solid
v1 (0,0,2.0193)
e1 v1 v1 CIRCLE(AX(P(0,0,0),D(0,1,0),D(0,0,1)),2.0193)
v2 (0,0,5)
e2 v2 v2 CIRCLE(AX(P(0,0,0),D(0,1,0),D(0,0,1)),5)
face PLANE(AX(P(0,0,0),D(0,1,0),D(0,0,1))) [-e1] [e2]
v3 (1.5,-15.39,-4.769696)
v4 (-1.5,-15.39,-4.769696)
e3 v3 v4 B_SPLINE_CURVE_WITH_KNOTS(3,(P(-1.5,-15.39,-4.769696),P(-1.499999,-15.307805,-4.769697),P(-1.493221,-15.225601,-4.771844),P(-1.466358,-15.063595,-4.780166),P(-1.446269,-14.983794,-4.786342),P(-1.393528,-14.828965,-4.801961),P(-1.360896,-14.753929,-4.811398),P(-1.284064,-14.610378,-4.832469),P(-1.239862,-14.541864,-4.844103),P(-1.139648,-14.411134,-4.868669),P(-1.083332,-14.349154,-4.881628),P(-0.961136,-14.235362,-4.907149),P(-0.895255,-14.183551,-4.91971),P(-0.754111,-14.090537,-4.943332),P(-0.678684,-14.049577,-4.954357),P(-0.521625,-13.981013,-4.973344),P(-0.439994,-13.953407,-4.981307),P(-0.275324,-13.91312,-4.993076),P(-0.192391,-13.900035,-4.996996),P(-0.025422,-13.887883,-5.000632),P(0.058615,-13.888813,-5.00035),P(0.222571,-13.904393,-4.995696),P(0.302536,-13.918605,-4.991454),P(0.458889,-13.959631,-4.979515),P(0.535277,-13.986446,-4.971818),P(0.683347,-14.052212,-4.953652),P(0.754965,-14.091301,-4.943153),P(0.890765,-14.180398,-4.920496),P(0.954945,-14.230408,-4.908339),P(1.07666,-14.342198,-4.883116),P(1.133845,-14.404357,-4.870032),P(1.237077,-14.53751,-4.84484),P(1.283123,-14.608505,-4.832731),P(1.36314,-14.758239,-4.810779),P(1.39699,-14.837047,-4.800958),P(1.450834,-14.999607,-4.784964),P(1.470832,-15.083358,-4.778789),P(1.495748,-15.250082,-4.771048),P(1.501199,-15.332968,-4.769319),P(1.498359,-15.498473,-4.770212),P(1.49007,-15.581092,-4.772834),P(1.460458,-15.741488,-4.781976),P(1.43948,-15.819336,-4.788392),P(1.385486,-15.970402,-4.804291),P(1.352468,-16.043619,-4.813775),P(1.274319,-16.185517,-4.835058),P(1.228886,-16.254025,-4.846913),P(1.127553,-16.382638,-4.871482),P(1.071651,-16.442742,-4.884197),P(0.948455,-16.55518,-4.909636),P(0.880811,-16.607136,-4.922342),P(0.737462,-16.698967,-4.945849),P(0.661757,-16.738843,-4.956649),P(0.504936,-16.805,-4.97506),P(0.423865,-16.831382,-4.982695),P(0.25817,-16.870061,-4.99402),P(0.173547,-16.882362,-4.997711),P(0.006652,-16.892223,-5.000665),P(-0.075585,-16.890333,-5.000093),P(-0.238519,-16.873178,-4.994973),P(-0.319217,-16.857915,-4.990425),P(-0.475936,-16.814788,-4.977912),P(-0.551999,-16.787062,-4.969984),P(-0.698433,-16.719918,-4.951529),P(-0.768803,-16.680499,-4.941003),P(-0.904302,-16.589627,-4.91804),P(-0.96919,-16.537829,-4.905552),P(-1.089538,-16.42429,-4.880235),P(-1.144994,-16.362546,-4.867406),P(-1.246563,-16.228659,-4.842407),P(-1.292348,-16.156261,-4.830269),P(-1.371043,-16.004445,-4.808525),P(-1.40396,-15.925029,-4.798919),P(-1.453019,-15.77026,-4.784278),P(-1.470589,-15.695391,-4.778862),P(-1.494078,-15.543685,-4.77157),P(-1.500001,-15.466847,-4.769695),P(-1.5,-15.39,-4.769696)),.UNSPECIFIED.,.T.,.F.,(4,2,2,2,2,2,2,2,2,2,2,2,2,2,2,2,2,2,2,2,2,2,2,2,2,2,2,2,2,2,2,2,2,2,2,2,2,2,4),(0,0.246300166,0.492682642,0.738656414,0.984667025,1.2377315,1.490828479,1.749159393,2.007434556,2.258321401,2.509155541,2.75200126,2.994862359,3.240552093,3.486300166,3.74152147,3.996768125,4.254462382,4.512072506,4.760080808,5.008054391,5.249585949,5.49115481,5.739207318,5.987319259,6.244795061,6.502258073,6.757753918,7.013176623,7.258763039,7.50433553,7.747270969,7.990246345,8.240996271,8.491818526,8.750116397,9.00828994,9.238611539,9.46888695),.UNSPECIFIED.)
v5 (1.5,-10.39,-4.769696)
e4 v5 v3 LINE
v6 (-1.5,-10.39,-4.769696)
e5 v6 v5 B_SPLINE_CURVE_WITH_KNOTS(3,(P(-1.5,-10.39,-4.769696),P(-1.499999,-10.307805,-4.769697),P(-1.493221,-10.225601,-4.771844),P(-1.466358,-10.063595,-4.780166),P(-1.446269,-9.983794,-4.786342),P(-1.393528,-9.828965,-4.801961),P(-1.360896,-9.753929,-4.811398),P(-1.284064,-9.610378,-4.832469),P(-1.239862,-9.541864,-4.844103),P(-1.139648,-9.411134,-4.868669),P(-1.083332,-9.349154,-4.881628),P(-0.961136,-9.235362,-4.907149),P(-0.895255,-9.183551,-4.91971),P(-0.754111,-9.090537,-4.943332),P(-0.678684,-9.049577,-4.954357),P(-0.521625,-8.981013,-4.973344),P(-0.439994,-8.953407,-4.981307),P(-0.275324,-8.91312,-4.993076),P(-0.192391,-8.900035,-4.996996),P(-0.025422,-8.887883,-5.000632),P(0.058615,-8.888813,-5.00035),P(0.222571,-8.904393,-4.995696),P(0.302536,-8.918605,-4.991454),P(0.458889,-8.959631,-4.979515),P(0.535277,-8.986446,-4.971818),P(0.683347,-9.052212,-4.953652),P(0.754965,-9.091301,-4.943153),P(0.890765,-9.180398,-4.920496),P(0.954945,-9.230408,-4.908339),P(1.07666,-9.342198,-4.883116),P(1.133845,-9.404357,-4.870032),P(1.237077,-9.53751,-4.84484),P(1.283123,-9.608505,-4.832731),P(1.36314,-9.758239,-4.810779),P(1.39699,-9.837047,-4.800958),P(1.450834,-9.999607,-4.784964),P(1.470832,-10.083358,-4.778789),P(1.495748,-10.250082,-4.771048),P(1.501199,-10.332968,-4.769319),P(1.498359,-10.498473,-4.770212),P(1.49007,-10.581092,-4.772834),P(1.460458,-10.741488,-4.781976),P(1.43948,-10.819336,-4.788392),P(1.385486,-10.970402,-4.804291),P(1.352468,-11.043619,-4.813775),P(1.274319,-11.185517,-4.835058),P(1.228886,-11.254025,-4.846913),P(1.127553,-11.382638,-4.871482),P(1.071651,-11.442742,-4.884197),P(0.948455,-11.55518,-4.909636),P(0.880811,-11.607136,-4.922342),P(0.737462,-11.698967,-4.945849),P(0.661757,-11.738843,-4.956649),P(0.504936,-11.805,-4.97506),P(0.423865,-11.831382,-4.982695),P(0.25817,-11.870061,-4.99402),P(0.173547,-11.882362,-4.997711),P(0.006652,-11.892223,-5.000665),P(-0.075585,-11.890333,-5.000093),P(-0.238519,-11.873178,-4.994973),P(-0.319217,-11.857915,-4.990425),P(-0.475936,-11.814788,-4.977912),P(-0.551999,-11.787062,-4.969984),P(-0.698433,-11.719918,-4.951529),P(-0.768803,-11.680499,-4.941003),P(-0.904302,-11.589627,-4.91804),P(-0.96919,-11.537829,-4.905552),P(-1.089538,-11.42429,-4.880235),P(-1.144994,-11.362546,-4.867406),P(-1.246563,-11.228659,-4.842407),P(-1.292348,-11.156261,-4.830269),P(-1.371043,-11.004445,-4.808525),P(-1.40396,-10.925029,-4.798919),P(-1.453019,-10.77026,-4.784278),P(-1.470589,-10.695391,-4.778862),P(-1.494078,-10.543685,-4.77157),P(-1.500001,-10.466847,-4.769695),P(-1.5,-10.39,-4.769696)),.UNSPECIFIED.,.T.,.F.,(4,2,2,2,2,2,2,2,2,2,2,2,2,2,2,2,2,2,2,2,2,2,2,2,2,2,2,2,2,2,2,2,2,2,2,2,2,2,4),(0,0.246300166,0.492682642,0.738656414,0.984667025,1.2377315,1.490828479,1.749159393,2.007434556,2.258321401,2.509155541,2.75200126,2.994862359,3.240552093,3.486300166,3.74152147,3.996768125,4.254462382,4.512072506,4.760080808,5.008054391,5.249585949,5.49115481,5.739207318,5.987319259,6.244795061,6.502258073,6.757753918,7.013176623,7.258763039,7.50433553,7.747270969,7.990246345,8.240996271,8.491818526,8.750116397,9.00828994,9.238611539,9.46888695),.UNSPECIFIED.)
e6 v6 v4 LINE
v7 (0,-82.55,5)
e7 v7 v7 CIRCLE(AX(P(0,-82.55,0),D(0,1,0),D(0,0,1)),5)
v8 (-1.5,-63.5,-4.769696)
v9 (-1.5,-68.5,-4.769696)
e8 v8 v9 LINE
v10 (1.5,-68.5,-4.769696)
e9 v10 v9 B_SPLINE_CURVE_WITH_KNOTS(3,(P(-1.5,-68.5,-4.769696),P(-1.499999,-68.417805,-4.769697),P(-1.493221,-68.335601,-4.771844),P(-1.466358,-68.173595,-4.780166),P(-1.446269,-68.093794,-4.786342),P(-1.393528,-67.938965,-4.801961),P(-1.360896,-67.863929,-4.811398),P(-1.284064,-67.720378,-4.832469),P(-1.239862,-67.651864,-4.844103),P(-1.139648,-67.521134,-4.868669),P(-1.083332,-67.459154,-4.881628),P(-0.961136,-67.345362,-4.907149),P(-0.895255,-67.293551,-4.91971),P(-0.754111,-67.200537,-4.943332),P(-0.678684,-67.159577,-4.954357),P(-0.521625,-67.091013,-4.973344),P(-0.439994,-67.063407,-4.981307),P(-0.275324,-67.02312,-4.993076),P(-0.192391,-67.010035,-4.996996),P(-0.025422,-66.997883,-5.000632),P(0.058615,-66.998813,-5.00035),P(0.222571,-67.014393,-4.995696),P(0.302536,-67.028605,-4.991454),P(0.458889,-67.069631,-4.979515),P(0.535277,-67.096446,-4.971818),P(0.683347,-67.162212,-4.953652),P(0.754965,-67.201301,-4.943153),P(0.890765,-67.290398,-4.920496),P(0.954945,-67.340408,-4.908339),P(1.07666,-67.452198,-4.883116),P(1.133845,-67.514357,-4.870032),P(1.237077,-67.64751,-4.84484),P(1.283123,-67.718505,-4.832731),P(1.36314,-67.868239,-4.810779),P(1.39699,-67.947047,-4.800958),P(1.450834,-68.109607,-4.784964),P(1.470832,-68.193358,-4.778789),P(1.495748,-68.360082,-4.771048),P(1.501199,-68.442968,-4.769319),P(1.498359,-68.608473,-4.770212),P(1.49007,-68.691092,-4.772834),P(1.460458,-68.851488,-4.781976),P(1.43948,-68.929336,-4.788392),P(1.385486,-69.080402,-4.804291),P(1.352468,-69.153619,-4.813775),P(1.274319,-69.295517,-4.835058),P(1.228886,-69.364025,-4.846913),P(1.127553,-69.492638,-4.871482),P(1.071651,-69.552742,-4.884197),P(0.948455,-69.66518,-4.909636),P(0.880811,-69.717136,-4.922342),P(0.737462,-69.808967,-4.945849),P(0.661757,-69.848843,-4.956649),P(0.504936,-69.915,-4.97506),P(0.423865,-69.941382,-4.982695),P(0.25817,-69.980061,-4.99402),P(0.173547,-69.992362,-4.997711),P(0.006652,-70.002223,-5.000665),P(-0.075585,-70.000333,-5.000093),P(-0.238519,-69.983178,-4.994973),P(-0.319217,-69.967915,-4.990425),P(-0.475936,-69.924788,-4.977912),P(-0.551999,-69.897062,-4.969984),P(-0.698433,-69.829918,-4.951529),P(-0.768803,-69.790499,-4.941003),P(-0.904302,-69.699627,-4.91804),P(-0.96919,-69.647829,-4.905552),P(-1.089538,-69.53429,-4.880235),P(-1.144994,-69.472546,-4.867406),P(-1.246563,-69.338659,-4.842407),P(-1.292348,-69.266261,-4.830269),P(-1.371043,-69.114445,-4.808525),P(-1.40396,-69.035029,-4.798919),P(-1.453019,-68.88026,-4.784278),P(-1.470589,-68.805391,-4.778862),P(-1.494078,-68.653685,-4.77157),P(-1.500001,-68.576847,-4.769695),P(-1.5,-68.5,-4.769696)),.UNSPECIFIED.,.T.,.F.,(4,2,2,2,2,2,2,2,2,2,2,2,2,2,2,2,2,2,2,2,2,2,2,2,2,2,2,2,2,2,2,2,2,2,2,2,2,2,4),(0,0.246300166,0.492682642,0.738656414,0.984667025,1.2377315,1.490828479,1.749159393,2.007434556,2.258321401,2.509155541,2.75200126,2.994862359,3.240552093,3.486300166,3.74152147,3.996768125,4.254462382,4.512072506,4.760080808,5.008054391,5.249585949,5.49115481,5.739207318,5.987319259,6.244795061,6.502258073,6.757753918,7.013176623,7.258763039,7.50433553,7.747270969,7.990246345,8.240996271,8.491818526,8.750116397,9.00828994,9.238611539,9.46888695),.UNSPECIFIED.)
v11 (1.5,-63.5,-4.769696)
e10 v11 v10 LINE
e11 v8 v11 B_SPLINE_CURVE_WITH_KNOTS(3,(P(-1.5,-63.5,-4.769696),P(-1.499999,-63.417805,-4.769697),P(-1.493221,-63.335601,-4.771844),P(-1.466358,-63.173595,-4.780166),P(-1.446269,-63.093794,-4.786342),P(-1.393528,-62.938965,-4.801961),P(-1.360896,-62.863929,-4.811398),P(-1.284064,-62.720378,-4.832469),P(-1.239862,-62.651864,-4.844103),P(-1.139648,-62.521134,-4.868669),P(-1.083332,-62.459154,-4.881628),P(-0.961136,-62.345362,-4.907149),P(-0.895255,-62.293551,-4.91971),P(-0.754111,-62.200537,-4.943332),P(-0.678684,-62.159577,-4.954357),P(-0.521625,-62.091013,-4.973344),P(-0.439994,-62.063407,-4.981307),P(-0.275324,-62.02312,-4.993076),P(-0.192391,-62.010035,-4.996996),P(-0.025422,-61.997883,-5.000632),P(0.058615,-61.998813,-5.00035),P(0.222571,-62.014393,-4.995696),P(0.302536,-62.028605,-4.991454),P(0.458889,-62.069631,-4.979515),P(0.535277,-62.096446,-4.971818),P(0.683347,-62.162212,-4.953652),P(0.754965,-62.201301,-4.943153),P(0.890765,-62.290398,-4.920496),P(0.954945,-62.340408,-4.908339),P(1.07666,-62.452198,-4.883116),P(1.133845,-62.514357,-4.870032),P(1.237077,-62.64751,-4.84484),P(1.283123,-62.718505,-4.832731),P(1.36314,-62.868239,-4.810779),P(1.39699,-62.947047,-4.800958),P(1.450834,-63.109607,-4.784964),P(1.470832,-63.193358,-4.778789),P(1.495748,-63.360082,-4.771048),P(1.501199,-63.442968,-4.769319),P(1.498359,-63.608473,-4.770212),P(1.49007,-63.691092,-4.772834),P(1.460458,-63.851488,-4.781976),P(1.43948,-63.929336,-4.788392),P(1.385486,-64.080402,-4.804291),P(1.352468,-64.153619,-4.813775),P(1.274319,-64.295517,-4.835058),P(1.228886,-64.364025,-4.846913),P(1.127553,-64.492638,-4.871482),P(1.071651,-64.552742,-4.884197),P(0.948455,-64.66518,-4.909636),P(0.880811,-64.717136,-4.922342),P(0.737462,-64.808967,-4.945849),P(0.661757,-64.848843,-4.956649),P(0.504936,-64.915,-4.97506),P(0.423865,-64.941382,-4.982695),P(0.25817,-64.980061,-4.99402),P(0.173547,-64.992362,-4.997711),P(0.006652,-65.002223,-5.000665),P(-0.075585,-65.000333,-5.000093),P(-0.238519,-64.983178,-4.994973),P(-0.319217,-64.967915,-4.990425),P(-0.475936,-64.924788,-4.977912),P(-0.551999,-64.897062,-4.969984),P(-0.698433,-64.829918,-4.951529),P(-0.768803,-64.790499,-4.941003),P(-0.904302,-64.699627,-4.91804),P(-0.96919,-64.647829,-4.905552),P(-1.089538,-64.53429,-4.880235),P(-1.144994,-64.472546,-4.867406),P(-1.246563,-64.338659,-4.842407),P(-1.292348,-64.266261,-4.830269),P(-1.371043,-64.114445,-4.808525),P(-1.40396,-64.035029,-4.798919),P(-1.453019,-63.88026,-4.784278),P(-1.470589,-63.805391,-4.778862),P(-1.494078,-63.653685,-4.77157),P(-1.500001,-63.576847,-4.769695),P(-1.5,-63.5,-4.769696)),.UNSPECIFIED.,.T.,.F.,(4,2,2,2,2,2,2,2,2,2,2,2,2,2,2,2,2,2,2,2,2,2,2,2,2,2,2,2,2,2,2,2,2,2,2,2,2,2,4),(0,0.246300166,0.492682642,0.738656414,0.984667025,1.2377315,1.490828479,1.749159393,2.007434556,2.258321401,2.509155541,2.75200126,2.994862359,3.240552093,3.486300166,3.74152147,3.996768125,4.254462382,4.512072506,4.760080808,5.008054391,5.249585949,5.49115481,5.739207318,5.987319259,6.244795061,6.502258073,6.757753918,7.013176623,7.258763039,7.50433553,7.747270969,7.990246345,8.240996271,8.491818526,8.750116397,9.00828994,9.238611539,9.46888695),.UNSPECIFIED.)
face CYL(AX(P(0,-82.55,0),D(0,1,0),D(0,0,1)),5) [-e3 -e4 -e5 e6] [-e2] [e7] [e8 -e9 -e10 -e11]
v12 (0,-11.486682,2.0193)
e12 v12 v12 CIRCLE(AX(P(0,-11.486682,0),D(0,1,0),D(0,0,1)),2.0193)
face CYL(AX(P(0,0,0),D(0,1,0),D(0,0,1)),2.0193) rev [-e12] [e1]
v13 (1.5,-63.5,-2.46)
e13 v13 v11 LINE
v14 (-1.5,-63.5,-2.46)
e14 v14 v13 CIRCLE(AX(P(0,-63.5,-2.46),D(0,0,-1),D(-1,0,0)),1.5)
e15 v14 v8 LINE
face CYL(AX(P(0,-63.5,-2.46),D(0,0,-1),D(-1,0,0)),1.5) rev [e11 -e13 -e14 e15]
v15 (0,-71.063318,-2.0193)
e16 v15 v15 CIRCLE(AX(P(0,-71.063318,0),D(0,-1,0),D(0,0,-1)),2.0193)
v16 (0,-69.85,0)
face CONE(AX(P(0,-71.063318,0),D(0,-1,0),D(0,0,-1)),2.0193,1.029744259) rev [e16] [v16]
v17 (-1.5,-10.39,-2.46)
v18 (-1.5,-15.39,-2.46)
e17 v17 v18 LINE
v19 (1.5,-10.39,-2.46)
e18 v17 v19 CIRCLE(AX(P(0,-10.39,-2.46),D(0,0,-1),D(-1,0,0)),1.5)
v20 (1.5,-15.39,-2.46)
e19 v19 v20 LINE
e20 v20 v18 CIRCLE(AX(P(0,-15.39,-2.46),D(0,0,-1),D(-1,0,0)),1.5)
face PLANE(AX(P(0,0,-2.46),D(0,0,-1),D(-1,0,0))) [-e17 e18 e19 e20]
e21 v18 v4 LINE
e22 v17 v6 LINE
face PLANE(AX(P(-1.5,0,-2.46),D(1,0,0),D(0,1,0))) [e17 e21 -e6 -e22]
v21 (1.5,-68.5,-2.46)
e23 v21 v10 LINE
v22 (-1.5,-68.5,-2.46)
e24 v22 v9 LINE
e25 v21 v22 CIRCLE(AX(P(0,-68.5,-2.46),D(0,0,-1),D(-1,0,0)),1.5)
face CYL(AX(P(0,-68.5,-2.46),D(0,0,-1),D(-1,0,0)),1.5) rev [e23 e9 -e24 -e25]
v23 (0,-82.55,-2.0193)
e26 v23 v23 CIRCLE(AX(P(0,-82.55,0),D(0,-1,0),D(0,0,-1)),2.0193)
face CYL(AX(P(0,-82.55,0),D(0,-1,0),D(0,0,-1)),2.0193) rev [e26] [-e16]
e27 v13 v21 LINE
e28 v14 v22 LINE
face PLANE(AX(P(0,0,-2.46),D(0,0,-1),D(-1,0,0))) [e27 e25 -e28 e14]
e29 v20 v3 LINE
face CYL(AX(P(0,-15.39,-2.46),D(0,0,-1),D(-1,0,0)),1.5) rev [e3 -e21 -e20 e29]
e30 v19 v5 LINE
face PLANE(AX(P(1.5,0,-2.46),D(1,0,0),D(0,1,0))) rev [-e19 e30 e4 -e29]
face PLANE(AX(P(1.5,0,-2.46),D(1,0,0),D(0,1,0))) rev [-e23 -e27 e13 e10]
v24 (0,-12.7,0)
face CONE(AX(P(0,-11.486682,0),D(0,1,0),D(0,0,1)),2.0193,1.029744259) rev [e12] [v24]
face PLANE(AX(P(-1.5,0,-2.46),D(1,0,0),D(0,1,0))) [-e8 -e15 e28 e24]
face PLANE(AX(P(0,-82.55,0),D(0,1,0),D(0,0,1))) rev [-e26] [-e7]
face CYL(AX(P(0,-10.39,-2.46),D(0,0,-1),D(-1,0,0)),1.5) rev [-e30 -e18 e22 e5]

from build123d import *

# Parameters (mm, degrees)
SKETCH1_R                                = 5
BOSS_EXTRUDE2_DEPTH                      = 82.55
CUT_EXTRUDE1_DEPTH                       = 2.54
TAP_DRILL_FOR_10_32_TAP1_D               = 4.0386
TAP_DRILL_FOR_10_32_TAP1_DEPTH           = 11.486682152
TAP_DRILL_FOR_10_32_TAP1_TIP             = 1.213317848
TAP_DRILL_FOR_10_32_TAP1_ON_FACE_2_D     = 4.0386
TAP_DRILL_FOR_10_32_TAP1_ON_FACE_2_DEPTH = 11.486682152
TAP_DRILL_FOR_10_32_TAP1_ON_FACE_2_TIP   = 1.213317848


with BuildPart() as part:
    # Sketch1 → Boss-Extrude2 (new body)
    with BuildSketch(Plane(origin=(0, 0, 0), x_dir=(1, 0, 0), z_dir=(0, 1, 0))):
        with Locations(Location((0, 0, 0), (0, 0, 270))):
            Circle(SKETCH1_R)
    extrude(amount=-BOSS_EXTRUDE2_DEPTH)

    # Sketch2 → Cut-Extrude1 (cut)
    with BuildSketch(Plane(origin=(0, 0, -5), x_dir=(-1, 0, 0), z_dir=(0, 0, -1))):
        with BuildLine():
            Line((-2, -109.22), (-2, -114.22))
            ThreePointArc((-2, -114.22), (0, -116.22), (2, -114.22))
            Line((2, -114.22), (2, -109.22))
            ThreePointArc((2, -109.22), (0, -107.22), (-2, -109.22))
        make_face()
        with BuildLine():
            Line((-1.5, -63.5), (-1.5, -68.5))
            ThreePointArc((-1.5, -68.5), (0, -70), (1.5, -68.5))
            Line((1.5, -68.5), (1.5, -63.5))
            ThreePointArc((1.5, -63.5), (0, -62), (-1.5, -63.5))
        make_face()
        with BuildLine():
            Line((-1.5, -10.39), (-1.5, -15.39))
            ThreePointArc((-1.5, -15.39), (0, -16.89), (1.5, -15.39))
            Line((1.5, -15.39), (1.5, -10.39))
            ThreePointArc((1.5, -10.39), (0, -8.89), (-1.5, -10.39))
        make_face()
    extrude(amount=-CUT_EXTRUDE1_DEPTH, mode=Mode.SUBTRACT)

    # Tap Drill for #10-32 Tap1
    with Locations(Plane.ZX):
        with Locations((0, 0)):
            Hole(TAP_DRILL_FOR_10_32_TAP1_D / 2, depth=TAP_DRILL_FOR_10_32_TAP1_DEPTH)
            with Locations((0, 0, -(TAP_DRILL_FOR_10_32_TAP1_DEPTH + TAP_DRILL_FOR_10_32_TAP1_TIP / 2))):  # 118° drill point
                Cone(0, TAP_DRILL_FOR_10_32_TAP1_D / 2, TAP_DRILL_FOR_10_32_TAP1_TIP, mode=Mode.SUBTRACT)

    # Tap Drill for #10-32 Tap1 on face 2
    with Locations(Plane(origin=(0, -82.55, 0), x_dir=(0, 0, -1), z_dir=(0, -1, 0))):
        with Locations((0, 0)):
            Hole(TAP_DRILL_FOR_10_32_TAP1_ON_FACE_2_D / 2, depth=TAP_DRILL_FOR_10_32_TAP1_ON_FACE_2_DEPTH)
            with Locations((0, 0, -(TAP_DRILL_FOR_10_32_TAP1_ON_FACE_2_DEPTH + TAP_DRILL_FOR_10_32_TAP1_ON_FACE_2_TIP / 2))):  # 118° drill point
                Cone(0, TAP_DRILL_FOR_10_32_TAP1_ON_FACE_2_D / 2, TAP_DRILL_FOR_10_32_TAP1_ON_FACE_2_TIP, mode=Mode.SUBTRACT)


solid = part.part
